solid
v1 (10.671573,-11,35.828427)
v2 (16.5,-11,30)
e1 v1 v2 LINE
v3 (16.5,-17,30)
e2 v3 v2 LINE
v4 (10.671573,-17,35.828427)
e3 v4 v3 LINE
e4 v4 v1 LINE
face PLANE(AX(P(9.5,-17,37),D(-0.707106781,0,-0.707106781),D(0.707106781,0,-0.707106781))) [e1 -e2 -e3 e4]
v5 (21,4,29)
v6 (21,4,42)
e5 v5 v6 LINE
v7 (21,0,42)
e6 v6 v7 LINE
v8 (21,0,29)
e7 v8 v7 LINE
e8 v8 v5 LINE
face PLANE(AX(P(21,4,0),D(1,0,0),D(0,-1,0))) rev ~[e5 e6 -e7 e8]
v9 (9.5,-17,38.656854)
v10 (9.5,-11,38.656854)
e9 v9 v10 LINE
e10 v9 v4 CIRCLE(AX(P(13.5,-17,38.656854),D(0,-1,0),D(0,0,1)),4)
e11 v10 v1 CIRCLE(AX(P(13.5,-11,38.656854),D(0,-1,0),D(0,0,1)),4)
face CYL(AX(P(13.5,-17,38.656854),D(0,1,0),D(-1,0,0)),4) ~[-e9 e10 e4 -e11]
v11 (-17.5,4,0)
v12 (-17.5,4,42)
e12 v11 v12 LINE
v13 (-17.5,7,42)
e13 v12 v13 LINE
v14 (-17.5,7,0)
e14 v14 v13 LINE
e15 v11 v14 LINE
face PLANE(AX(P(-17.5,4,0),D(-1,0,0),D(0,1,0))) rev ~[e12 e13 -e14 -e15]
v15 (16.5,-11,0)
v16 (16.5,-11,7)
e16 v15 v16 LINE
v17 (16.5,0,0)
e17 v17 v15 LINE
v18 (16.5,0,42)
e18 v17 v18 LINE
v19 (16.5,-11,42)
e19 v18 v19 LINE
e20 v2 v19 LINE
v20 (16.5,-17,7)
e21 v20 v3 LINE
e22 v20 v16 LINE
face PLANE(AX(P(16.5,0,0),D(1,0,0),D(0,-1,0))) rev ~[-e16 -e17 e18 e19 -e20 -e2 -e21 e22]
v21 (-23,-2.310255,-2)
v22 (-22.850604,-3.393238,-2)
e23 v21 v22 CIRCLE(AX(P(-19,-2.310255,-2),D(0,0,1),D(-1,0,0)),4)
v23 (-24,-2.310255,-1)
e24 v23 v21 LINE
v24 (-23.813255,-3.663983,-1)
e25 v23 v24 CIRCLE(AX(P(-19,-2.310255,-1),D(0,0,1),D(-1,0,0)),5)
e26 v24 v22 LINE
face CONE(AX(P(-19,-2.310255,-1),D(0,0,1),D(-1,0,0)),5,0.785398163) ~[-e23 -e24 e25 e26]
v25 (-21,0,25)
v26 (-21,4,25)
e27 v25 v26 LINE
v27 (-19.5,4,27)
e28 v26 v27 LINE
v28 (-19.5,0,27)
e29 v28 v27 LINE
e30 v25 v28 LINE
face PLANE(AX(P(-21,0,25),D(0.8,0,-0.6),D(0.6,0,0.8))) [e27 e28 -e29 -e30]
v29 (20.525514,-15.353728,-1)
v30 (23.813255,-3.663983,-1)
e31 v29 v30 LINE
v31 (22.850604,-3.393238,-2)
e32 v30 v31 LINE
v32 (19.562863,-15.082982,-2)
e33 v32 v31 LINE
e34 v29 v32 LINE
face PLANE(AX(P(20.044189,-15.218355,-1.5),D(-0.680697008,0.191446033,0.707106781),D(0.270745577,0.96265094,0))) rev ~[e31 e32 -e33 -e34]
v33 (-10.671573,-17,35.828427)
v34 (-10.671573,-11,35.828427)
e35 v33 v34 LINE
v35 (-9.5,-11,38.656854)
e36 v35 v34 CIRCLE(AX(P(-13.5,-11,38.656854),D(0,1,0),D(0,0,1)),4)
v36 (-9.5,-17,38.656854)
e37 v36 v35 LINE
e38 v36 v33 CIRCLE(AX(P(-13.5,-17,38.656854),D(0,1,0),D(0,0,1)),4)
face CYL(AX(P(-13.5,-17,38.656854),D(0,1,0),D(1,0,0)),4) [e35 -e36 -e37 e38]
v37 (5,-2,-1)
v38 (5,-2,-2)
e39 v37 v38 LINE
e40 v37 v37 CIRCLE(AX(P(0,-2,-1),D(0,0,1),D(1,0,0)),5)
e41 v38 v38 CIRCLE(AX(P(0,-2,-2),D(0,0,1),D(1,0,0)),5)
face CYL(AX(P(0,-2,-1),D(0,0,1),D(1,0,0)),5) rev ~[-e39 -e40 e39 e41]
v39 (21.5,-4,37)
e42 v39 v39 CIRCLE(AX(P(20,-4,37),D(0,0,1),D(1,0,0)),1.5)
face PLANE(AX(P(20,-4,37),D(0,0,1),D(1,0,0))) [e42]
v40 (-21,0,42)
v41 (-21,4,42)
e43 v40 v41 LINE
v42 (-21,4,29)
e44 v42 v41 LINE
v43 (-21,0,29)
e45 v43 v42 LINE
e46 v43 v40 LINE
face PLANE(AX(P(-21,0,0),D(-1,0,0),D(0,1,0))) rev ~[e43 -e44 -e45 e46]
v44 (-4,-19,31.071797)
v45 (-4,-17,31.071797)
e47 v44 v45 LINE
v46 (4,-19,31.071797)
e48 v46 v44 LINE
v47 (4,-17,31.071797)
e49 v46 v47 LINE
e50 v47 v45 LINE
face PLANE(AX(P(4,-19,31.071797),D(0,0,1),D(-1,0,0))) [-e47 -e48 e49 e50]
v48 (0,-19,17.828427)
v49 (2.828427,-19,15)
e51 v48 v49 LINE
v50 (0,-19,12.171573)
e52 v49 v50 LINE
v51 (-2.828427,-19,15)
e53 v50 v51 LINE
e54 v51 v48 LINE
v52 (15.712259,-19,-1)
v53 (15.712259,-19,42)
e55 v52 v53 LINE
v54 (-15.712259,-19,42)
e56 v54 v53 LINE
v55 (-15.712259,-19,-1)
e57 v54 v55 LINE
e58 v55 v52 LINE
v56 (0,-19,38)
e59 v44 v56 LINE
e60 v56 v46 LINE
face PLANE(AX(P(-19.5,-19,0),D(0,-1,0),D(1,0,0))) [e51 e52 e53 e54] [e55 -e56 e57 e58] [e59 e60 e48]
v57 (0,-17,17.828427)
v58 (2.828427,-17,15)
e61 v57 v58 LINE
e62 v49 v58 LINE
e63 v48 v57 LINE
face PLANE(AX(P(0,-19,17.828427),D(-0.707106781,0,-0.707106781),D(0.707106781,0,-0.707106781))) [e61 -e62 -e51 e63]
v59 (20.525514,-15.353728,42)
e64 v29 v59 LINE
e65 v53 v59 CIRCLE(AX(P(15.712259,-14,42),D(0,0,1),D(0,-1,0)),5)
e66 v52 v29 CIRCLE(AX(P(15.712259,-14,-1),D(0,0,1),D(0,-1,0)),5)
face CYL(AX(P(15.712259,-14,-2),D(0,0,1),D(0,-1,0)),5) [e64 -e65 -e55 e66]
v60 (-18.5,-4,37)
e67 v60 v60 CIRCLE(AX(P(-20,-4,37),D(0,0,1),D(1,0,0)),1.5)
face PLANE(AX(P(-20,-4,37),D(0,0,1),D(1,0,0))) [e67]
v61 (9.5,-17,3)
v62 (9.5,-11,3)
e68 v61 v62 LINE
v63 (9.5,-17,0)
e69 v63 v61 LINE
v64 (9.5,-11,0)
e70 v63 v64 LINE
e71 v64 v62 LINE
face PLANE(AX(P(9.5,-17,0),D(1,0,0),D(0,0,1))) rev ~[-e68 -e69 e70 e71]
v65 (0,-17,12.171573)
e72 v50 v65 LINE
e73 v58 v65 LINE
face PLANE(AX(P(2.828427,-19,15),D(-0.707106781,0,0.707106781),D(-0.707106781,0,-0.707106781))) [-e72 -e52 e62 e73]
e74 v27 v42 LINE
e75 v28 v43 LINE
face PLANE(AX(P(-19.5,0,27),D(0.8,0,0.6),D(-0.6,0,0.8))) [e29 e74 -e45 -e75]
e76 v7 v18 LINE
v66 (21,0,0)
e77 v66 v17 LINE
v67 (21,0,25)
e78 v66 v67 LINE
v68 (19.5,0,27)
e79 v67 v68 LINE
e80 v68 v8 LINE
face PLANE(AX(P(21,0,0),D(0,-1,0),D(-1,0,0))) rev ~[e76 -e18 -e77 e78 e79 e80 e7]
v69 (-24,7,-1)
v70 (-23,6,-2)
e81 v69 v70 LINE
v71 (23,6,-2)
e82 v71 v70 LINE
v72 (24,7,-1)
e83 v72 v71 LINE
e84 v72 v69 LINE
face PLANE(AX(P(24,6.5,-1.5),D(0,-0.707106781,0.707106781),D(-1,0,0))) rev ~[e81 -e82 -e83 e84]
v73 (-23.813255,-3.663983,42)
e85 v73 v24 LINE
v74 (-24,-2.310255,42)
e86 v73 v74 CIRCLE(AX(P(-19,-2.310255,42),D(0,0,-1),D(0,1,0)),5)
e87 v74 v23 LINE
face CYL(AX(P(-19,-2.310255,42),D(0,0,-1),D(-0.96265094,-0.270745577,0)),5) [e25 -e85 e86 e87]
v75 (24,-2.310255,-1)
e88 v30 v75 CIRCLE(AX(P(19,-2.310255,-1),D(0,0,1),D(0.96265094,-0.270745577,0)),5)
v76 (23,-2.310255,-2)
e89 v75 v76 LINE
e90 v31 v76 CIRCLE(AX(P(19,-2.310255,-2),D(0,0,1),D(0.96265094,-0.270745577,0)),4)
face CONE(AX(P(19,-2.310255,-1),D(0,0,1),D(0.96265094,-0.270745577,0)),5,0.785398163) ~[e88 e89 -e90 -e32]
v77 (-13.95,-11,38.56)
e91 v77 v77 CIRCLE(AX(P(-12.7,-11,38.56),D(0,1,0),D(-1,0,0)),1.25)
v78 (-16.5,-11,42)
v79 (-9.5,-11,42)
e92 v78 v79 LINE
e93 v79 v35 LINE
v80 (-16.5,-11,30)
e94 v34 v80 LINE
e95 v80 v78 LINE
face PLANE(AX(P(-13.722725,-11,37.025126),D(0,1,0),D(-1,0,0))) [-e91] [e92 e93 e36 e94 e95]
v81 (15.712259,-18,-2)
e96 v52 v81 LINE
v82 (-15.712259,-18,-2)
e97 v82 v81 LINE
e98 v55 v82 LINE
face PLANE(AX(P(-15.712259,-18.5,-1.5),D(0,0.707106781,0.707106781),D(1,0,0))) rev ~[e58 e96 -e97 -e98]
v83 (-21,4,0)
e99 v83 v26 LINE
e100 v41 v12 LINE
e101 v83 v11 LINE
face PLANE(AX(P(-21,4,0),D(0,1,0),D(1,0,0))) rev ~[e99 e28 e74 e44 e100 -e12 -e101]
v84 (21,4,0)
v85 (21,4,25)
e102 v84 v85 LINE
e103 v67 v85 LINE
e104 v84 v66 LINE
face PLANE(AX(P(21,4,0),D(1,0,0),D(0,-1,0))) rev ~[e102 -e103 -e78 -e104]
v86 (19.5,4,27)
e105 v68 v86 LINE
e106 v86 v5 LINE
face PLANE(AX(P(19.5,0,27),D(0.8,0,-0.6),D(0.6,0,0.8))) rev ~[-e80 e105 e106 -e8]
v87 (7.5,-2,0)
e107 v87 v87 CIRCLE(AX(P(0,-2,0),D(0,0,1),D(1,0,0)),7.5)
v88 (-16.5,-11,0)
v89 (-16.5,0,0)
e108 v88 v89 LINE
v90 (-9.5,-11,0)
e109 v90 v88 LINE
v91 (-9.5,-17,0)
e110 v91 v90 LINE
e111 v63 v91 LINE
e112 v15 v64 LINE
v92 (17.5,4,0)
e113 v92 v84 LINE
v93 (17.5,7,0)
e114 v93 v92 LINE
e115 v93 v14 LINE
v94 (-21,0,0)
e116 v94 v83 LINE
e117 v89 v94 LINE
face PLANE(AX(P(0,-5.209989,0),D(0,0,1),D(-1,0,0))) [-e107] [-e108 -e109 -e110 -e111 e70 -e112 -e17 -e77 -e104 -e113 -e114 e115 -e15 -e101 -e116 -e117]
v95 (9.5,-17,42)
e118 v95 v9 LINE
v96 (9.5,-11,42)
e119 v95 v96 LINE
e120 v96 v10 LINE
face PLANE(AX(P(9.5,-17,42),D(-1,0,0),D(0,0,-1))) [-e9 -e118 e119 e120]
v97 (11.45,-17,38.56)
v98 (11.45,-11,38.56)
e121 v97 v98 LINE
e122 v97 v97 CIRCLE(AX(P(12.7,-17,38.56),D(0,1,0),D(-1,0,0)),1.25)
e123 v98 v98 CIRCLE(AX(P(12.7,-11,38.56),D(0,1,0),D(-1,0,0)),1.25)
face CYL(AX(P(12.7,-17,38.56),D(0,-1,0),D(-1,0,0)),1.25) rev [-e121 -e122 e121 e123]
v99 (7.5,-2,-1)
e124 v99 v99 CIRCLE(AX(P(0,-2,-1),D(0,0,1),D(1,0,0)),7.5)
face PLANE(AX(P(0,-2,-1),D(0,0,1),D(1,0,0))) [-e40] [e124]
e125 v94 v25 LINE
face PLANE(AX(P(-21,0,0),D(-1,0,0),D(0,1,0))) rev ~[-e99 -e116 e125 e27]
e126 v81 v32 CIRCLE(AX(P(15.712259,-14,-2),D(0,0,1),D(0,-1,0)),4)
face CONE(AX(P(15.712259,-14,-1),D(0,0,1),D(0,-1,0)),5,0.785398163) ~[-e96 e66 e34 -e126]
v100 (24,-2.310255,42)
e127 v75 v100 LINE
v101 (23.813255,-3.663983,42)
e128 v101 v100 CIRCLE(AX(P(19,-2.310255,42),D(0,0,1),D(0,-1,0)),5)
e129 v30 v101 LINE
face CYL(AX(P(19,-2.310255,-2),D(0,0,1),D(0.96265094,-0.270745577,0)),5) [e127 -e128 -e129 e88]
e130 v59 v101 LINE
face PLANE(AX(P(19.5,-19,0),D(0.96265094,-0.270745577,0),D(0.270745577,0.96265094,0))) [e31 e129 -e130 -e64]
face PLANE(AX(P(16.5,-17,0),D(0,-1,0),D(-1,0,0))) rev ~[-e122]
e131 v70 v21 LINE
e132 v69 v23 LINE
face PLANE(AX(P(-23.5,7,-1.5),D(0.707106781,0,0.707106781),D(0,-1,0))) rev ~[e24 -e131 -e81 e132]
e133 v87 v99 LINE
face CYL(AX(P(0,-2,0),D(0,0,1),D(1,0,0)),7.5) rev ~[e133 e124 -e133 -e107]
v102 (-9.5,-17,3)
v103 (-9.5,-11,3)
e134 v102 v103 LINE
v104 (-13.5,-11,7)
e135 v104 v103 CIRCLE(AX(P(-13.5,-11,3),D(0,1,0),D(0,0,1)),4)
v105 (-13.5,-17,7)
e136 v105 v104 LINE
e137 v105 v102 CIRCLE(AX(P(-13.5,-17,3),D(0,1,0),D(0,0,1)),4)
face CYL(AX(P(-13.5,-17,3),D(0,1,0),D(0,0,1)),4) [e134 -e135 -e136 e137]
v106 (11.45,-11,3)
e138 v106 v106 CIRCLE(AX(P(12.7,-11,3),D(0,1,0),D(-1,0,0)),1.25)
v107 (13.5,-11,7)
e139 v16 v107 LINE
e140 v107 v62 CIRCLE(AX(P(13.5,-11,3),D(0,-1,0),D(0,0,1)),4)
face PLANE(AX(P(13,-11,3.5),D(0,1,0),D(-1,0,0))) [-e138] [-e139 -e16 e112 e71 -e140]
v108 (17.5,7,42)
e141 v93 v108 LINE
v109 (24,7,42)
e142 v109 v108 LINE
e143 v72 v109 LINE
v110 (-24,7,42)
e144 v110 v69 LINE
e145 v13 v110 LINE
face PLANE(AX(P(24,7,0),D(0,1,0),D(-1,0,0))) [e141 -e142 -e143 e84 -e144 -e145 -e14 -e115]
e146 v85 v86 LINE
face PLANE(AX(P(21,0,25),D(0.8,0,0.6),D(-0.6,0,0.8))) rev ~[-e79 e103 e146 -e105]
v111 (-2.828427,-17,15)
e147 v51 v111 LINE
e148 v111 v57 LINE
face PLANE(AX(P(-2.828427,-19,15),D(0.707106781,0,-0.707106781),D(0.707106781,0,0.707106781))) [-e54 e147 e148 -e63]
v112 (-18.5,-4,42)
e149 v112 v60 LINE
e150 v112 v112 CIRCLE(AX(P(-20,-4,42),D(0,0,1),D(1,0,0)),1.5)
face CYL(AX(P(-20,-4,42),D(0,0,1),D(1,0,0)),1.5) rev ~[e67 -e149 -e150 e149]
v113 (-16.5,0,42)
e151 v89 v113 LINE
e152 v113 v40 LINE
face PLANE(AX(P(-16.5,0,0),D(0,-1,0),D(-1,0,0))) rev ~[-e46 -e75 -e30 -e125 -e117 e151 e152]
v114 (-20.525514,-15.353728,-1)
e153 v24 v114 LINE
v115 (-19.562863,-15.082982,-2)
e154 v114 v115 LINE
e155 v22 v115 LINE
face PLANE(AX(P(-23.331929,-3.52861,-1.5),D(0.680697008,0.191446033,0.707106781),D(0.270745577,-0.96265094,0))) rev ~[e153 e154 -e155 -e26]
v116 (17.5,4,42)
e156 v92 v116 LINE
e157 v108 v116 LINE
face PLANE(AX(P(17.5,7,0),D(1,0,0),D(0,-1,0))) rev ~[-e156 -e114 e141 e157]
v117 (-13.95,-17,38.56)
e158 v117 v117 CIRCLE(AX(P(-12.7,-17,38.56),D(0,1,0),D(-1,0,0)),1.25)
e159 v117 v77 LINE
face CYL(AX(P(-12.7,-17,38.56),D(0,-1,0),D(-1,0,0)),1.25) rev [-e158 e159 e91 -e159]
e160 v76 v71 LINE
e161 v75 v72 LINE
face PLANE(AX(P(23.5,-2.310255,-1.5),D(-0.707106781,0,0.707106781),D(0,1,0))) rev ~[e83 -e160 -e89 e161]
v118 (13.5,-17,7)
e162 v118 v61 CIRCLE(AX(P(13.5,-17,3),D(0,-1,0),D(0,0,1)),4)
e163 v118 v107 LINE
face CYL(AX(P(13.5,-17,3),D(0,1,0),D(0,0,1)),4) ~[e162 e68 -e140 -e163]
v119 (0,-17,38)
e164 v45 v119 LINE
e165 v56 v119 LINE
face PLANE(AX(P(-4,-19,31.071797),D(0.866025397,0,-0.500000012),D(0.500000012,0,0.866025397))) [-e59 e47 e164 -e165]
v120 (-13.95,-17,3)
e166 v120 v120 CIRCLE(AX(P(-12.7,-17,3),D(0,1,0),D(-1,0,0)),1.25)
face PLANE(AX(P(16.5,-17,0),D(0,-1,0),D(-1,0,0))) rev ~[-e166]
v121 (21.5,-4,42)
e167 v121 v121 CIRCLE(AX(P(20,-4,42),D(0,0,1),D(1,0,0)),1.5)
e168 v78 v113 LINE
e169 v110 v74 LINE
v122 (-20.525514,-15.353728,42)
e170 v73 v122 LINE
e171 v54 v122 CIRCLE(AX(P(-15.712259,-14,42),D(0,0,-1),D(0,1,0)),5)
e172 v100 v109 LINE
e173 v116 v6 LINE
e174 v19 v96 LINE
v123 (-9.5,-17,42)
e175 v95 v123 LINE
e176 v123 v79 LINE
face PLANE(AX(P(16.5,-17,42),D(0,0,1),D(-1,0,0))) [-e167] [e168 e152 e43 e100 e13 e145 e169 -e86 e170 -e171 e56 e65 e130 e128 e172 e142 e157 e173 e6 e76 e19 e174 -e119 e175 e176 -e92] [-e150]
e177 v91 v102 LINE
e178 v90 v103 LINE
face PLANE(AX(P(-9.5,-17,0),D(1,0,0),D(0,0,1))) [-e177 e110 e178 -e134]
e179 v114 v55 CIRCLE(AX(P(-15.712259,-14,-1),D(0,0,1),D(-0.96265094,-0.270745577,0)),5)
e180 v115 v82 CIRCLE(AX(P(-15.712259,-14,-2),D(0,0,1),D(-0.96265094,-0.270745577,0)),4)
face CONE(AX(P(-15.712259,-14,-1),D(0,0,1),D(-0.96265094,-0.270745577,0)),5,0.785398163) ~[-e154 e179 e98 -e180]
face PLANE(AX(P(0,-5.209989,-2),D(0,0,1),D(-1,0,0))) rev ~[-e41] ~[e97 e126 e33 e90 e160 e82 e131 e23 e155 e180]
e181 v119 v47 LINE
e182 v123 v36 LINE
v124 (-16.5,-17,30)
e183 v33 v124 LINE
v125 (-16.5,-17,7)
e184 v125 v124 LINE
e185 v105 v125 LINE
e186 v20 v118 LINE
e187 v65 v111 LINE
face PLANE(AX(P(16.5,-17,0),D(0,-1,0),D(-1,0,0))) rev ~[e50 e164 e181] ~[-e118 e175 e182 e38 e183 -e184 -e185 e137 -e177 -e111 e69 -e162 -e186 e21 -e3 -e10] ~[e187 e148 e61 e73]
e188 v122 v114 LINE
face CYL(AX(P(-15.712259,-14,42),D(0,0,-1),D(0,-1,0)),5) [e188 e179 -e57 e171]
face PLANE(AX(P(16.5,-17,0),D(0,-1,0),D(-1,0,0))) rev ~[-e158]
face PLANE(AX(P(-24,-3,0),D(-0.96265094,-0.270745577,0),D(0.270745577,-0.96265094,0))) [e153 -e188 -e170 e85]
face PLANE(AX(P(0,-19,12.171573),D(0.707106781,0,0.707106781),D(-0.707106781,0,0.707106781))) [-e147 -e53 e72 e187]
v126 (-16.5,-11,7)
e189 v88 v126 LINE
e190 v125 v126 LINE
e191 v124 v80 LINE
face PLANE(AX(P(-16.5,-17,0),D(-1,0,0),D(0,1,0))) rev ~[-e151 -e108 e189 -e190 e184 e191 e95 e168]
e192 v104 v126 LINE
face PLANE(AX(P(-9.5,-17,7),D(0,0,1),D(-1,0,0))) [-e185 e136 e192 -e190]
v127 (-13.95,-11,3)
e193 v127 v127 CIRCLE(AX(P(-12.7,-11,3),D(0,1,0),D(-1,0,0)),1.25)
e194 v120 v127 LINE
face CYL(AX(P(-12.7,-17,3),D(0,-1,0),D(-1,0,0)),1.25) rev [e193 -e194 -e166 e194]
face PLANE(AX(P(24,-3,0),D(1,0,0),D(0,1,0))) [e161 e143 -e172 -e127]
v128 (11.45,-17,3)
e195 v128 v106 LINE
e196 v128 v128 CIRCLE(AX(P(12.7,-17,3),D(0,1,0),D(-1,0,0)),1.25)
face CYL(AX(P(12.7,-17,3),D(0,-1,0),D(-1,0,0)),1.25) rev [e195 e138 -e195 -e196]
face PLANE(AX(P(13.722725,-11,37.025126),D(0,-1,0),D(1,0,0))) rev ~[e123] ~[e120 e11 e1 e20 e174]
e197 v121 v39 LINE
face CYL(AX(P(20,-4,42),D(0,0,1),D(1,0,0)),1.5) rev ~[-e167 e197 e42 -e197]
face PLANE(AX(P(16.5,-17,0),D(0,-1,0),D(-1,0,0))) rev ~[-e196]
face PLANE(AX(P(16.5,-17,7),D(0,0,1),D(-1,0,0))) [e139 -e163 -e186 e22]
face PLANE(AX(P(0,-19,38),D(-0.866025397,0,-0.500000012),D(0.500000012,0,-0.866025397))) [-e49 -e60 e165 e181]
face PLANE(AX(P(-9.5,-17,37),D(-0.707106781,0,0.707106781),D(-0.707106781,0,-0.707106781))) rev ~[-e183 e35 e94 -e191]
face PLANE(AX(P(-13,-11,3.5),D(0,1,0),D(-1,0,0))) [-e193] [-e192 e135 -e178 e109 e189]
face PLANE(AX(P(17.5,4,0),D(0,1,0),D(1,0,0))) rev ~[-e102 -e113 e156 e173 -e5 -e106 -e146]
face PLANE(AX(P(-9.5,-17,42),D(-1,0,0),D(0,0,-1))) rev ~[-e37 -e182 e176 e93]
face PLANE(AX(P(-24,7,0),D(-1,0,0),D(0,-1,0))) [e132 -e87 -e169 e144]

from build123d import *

# Parameters (mm, degrees)
PAD_DEPTH       = 42
PAD001_DEPTH    = 2
POCKET_DEPTH    = 2
PAD002_DEPTH    = 4
FILLET_R        = 5
SKETCH004_R     = 1.25
SKETCH004_W     = 7
SKETCH004_H     = 7
PAD003_DEPTH    = 6
FILLET001_R     = 4
SKETCH005_R     = 7.5
POCKET001_DEPTH = 1
SKETCH006_R     = 5
POCKET002_DEPTH = 1
SKETCH008_R     = 1.5
POCKET004_DEPTH = 5
CHAMFER_SIZE    = 1


with BuildPart() as part:
    # Sketch → Pad (new body)
    with BuildSketch(Plane.XY):
        Polygon((-17.5, 4), (-17.5, 7), (-24, 7), (-24, -3), (-19.5, -19), (19.5, -19), (24, -3), (24, 7), (17.5, 7), (17.5, 4), (21, 4), (21, 0), (16.5, 0), (16.5, -17), (-16.5, -17), (-16.5, 0), (-21, 0), (-21, 4), align=None)
    extrude(amount=PAD_DEPTH)

    # Sketch001 (on Face19 of Pad) → Pad001 (join)
    with BuildSketch(Plane(origin=(0, 0, 0), x_dir=(1, 0, 0), z_dir=(0, 0, -1))):
        Polygon((-19.5, 19), (19.5, 19), (24, 3), (24, -7), (-24, -7), (-24, 3), align=None)
    extrude(amount=PAD001_DEPTH)

    # Sketch002 (on Face18 of Pad001) → Pocket (cut)
    with BuildSketch(Plane.XZ.offset(19)):
        Polygon((-4, 31.071797), (0, 38), (4, 31.071797), align=None)
        Polygon((-2.828427, 15), (0, 17.828427), (2.828427, 15), (0, 12.171573), align=None)
    extrude(amount=-POCKET_DEPTH, mode=Mode.SUBTRACT)

    # Sketch003 (on Face12 of Pocket) → Pad002 (join)
    with BuildSketch(Plane(origin=(0, 0, 0), x_dir=(-1, 0, 0), z_dir=(0, 1, 0))):
        Polygon((-21, 29), (-21, 25), (-19.5, 27), align=None)
        Polygon((21, 29), (21, 25), (19.5, 27), align=None)
    extrude(amount=PAD002_DEPTH)

    # Fillet
    fillet_edges = [part.edges().sort_by_distance(p)[0] for p in [
        (-24, -3, 21),
        (-19.5, -19, 21),
        (19.5, -19, 21),
        (24, -3, 21),
    ]]
    fillet(fillet_edges, radius=FILLET_R)

    # Sketch004 (on Face16 of Fillet) → Pad003 (join)
    with BuildSketch(Plane(origin=(0, -17, 0), x_dir=(-1, 0, 0), z_dir=(0, 1, 0))):
        Polygon((-16.5, 42), (-9.5, 42), (-9.5, 37), (-16.5, 30), align=None)
        with Locations((-12.7, 38.56)):
            Circle(SKETCH004_R, mode=Mode.SUBTRACT)
        Polygon((16.5, 42), (9.5, 42), (9.5, 37), (16.5, 30), align=None)
        with Locations((12.7, 38.56)):
            Circle(SKETCH004_R, mode=Mode.SUBTRACT)
        with Locations((-13, 3.5)):
            Rectangle(SKETCH004_W, SKETCH004_H)
        with Locations((-12.7, 3)):
            Circle(SKETCH004_R, mode=Mode.SUBTRACT)
        with Locations((13, 3.5)):
            Rectangle(SKETCH004_W, SKETCH004_H)
        with Locations((12.7, 3)):
            Circle(SKETCH004_R, mode=Mode.SUBTRACT)
    extrude(amount=PAD003_DEPTH)

    # Fillet001
    fillet001_edges = [part.edges().sort_by_distance(p)[0] for p in [
        (9.5, -14, 37),
        (9.5, -14, 7),
        (-9.5, -14, 7),
        (-9.5, -14, 37),
    ]]
    fillet(fillet001_edges, radius=FILLET001_R)

    # Sketch005 (on Face7 of Fillet001) → Pocket001 (cut)
    with BuildSketch(Plane.XY):
        with Locations((0, -2)):
            Circle(SKETCH005_R)
    extrude(amount=-POCKET001_DEPTH, mode=Mode.SUBTRACT)

    # Sketch006 (on Face62 of Pocket001) → Pocket002 (cut)
    with BuildSketch(Plane.XY.offset(-1)):
        with Locations((0, -2)):
            Circle(SKETCH006_R)
    extrude(amount=-POCKET002_DEPTH, mode=Mode.SUBTRACT)

    # Sketch008 (on Face12 of Pocket002) → Pocket004 (cut)
    with BuildSketch(Plane.XY.offset(42)):
        with Locations((-20, -4)):
            Circle(SKETCH008_R)
        with Locations((20, -4)):
            Circle(SKETCH008_R)
    extrude(amount=-POCKET004_DEPTH, mode=Mode.SUBTRACT)

    # Chamfer
    chamfer_edges = [part.edges().sort_by_distance(p)[0] for p in [
        (0, -19, -2),
        (0, 7, -2),
    ]]
    chamfer(chamfer_edges, length=CHAMFER_SIZE)


solid = part.part
